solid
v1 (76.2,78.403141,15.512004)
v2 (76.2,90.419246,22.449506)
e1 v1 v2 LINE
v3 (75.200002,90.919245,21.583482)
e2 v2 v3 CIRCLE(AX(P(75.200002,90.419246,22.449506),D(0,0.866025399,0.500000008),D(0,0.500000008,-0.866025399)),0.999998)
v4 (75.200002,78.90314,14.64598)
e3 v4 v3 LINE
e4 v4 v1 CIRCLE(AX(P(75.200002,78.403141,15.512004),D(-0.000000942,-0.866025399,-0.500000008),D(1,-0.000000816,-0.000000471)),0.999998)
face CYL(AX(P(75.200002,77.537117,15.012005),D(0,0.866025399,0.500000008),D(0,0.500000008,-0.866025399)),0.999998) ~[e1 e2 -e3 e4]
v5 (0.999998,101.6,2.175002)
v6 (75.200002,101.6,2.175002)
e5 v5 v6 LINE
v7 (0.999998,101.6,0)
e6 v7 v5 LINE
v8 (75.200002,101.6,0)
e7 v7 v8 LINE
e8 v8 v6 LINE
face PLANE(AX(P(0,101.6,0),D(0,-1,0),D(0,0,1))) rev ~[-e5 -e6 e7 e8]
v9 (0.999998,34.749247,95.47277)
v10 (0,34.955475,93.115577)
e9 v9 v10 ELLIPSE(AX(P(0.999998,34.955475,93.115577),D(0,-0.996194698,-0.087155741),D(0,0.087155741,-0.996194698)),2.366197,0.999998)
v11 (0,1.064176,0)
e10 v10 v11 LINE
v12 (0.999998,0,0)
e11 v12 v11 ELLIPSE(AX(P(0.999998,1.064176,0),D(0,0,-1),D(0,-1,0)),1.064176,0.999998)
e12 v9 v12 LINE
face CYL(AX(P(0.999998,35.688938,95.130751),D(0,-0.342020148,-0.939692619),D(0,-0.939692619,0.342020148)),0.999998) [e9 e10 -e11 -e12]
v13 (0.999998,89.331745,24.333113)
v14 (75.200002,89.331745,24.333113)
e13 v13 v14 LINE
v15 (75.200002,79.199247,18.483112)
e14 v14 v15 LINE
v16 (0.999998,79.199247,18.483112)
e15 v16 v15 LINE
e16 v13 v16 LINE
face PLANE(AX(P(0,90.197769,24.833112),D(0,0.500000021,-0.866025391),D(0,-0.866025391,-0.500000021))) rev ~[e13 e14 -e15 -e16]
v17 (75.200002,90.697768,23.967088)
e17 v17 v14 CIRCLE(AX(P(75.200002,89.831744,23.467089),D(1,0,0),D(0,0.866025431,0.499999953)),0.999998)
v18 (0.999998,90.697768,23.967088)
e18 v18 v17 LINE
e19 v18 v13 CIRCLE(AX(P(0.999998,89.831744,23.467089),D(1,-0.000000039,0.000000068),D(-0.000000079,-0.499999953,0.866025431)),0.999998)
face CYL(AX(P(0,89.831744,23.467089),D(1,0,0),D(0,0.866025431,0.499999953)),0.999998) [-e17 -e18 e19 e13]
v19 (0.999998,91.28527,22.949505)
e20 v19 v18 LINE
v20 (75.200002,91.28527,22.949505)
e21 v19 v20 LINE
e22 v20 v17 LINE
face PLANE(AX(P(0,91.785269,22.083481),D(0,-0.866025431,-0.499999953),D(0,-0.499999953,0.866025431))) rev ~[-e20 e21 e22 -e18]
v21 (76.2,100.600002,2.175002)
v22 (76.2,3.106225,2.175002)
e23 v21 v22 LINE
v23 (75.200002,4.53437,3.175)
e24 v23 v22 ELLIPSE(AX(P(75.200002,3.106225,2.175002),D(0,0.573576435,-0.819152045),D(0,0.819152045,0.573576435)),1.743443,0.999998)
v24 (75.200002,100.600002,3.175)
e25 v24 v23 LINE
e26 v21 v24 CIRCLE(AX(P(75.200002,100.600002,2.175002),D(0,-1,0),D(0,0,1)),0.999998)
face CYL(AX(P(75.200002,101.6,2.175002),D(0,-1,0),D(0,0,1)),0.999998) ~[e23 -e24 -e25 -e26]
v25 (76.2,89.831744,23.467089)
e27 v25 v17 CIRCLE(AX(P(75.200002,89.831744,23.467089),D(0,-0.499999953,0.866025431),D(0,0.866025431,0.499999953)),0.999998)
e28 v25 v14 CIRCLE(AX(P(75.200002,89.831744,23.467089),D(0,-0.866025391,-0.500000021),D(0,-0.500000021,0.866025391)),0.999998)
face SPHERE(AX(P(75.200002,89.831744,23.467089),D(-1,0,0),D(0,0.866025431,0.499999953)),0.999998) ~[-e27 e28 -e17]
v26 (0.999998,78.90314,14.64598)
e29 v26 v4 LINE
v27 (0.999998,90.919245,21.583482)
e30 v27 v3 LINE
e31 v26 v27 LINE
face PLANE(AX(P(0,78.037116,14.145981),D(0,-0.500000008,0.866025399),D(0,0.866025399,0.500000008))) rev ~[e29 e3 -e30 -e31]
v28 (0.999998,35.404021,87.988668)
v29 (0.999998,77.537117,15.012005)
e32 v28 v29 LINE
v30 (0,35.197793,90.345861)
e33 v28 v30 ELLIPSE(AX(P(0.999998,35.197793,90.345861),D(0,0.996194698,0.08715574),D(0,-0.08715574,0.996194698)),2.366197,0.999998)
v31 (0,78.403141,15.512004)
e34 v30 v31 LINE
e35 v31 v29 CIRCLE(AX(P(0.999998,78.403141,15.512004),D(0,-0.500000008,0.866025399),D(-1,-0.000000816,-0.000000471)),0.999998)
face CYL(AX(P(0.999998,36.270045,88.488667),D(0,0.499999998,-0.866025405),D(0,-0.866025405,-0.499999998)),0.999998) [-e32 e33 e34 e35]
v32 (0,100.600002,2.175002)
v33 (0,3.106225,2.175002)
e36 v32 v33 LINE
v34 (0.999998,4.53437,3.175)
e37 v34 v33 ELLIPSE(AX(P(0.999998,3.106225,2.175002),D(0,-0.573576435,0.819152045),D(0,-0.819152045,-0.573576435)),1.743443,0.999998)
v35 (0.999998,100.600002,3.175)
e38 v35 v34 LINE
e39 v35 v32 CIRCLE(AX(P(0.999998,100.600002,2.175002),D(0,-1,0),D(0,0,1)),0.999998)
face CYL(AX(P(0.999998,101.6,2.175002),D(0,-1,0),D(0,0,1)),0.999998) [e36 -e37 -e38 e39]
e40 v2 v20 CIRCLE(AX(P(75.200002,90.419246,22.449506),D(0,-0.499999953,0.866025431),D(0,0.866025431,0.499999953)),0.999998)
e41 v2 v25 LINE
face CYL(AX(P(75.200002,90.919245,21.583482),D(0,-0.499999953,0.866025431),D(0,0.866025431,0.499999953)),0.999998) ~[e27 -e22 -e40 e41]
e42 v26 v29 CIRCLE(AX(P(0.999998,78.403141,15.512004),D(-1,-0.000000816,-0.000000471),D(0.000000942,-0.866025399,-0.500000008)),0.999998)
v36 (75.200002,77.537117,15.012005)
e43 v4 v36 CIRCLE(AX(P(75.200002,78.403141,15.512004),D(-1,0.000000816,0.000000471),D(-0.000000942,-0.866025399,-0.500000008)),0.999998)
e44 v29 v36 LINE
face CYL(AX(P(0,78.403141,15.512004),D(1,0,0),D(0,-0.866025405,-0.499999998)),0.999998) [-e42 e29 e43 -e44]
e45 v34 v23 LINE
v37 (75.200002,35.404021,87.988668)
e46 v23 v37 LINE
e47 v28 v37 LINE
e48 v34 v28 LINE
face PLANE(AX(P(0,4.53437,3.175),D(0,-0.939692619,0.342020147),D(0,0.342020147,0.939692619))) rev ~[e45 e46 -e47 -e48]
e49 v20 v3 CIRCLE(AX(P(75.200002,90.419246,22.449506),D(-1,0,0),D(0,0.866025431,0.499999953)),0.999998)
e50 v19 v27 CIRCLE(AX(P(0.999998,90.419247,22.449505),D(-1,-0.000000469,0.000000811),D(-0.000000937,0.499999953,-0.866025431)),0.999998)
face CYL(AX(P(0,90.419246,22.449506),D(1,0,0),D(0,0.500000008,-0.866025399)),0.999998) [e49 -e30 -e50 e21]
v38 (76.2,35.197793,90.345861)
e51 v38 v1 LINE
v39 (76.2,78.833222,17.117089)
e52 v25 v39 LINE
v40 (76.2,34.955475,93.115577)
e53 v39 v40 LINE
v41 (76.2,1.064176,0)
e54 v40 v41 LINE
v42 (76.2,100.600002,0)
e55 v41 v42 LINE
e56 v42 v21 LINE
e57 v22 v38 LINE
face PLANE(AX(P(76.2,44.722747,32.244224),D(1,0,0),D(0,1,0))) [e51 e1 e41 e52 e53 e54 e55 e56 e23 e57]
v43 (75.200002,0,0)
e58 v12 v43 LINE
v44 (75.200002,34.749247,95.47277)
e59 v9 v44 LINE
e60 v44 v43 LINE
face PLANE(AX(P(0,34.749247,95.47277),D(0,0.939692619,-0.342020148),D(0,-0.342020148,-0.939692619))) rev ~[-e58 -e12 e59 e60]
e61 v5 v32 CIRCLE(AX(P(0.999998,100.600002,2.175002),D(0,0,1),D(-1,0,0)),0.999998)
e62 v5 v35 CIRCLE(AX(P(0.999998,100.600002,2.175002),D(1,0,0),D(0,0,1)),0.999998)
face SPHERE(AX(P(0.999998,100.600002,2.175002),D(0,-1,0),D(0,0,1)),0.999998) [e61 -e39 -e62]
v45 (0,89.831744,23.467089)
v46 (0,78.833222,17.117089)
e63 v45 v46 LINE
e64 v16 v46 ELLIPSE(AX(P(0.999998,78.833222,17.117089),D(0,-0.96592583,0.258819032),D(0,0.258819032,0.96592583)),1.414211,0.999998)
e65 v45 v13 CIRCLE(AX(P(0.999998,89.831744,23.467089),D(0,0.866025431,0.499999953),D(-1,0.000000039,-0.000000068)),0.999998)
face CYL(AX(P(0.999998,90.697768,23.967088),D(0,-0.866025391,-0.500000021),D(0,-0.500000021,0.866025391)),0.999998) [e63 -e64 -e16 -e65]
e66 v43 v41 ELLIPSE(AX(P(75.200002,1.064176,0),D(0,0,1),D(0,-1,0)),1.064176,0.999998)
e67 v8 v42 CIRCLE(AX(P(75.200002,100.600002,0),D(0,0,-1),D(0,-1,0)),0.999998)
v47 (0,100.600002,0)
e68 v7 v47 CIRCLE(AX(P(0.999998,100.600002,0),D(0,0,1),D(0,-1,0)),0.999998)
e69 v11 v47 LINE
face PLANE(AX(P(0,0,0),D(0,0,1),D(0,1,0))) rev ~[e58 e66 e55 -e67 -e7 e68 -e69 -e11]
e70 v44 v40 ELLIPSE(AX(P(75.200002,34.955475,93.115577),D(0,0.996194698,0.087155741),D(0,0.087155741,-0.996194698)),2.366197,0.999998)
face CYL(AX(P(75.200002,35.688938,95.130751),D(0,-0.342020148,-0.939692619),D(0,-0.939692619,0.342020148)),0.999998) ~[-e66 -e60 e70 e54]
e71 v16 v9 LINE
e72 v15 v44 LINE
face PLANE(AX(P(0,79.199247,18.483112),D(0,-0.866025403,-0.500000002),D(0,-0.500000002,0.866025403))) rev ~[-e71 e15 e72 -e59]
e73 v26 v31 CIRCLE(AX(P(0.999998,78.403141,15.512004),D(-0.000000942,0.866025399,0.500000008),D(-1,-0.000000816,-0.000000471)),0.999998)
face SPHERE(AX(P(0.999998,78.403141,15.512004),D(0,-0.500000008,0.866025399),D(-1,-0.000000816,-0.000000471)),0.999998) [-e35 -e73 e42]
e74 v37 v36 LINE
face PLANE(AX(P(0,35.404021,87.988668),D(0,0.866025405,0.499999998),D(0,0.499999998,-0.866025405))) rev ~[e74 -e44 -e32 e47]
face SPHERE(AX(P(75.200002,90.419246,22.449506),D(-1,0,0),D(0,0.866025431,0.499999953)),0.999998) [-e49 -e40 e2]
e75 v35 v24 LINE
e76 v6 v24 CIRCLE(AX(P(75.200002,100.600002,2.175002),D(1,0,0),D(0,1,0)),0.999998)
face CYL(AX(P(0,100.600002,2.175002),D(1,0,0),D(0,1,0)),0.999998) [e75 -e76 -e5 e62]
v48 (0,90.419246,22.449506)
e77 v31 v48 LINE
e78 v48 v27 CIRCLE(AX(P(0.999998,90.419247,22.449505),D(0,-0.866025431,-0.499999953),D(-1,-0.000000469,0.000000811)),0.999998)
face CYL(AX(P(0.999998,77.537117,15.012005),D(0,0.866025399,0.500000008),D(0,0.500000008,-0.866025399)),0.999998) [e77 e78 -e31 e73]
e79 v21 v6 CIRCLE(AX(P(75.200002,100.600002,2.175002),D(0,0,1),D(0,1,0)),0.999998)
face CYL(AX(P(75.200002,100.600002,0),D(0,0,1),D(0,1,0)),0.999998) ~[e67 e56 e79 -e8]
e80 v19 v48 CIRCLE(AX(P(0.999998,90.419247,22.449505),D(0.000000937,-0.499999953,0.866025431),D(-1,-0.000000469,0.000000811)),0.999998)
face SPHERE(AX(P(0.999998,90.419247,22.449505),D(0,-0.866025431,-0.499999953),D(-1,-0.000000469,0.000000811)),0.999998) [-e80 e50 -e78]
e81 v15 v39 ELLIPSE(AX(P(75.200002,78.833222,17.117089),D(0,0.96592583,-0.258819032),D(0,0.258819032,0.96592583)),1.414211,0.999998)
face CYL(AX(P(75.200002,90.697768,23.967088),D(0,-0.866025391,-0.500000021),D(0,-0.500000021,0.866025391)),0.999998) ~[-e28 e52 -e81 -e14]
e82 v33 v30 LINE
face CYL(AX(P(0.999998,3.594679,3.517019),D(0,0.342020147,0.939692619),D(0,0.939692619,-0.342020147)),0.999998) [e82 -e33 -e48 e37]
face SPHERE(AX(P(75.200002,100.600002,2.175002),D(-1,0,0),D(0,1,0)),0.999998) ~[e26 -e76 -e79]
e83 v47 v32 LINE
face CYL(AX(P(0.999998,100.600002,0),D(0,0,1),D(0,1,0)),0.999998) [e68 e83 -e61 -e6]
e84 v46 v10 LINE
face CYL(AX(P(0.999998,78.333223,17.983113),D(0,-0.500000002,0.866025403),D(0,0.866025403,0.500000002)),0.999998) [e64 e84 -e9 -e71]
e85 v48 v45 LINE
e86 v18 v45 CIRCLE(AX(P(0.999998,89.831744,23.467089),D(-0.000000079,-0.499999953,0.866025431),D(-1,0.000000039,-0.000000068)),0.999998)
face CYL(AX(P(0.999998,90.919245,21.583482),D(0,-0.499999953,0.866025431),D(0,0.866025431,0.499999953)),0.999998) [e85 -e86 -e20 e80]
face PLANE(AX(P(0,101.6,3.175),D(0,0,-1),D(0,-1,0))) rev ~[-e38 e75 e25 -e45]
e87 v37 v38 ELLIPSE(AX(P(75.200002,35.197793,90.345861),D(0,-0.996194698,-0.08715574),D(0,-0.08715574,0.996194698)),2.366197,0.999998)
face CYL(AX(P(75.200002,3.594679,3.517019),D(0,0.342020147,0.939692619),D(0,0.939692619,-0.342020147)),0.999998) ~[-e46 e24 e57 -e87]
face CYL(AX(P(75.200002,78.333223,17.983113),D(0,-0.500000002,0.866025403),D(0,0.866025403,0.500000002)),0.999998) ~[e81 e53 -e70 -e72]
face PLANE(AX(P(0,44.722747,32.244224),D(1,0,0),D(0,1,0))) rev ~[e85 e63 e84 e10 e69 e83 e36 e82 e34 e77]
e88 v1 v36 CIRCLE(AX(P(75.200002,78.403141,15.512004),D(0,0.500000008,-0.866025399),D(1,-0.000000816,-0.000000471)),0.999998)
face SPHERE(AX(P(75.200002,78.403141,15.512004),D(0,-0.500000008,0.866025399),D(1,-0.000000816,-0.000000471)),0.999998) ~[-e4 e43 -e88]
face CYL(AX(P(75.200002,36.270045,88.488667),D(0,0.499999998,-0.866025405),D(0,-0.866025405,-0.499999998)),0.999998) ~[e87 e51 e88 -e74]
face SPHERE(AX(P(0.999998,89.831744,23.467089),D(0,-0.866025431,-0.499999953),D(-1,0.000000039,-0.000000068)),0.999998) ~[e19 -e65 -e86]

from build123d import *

# Parameters (mm, degrees)
PAD_DEPTH = 76.2
FILLET_R  = 0.999998


with BuildPart() as part:
    # Sketch → Pad (new body)
    with BuildSketch(Plane.YZ):
        Polygon((0, 0), (101.6, 0), (101.6, 3.175), (4.53437, 3.175), (35.404021, 87.988668), (78.037116, 14.145981), (91.785269, 22.083481), (90.197769, 24.833112), (79.199247, 18.483112), (34.749247, 95.47277), align=None)
    extrude(amount=PAD_DEPTH)

    # Fillet
    fillet_edges = [part.edges().sort_by_distance(p)[0] for p in [
        (0, 53.067185, 3.175),
        (38.1, 101.6, 3.175),
        (76.2, 101.6, 1.5875),
        (0, 101.6, 1.5875),
        (0, 19.969195, 45.581834),
        (76.2, 19.969195, 45.581834),
        (0, 17.374623, 47.736385),
        (0, 56.720568, 51.067325),
        (0, 56.974247, 56.977941),
        (0, 84.698508, 21.658112),
        (0, 84.911193, 18.114731),
        (0, 90.991519, 23.458297),
        (38.1, 90.197769, 24.833112),
        (38.1, 91.785269, 22.083481),
        (76.2, 90.991519, 23.458297),
        (76.2, 53.067185, 3.175),
        (76.2, 17.374623, 47.736385),
        (76.2, 56.720568, 51.067325),
        (76.2, 56.974247, 56.977941),
        (76.2, 84.698508, 21.658112),
        (76.2, 84.911193, 18.114731),
        (38.1, 78.037116, 14.145981),
    ]]
    fillet(fillet_edges, radius=FILLET_R)


solid = part.part
